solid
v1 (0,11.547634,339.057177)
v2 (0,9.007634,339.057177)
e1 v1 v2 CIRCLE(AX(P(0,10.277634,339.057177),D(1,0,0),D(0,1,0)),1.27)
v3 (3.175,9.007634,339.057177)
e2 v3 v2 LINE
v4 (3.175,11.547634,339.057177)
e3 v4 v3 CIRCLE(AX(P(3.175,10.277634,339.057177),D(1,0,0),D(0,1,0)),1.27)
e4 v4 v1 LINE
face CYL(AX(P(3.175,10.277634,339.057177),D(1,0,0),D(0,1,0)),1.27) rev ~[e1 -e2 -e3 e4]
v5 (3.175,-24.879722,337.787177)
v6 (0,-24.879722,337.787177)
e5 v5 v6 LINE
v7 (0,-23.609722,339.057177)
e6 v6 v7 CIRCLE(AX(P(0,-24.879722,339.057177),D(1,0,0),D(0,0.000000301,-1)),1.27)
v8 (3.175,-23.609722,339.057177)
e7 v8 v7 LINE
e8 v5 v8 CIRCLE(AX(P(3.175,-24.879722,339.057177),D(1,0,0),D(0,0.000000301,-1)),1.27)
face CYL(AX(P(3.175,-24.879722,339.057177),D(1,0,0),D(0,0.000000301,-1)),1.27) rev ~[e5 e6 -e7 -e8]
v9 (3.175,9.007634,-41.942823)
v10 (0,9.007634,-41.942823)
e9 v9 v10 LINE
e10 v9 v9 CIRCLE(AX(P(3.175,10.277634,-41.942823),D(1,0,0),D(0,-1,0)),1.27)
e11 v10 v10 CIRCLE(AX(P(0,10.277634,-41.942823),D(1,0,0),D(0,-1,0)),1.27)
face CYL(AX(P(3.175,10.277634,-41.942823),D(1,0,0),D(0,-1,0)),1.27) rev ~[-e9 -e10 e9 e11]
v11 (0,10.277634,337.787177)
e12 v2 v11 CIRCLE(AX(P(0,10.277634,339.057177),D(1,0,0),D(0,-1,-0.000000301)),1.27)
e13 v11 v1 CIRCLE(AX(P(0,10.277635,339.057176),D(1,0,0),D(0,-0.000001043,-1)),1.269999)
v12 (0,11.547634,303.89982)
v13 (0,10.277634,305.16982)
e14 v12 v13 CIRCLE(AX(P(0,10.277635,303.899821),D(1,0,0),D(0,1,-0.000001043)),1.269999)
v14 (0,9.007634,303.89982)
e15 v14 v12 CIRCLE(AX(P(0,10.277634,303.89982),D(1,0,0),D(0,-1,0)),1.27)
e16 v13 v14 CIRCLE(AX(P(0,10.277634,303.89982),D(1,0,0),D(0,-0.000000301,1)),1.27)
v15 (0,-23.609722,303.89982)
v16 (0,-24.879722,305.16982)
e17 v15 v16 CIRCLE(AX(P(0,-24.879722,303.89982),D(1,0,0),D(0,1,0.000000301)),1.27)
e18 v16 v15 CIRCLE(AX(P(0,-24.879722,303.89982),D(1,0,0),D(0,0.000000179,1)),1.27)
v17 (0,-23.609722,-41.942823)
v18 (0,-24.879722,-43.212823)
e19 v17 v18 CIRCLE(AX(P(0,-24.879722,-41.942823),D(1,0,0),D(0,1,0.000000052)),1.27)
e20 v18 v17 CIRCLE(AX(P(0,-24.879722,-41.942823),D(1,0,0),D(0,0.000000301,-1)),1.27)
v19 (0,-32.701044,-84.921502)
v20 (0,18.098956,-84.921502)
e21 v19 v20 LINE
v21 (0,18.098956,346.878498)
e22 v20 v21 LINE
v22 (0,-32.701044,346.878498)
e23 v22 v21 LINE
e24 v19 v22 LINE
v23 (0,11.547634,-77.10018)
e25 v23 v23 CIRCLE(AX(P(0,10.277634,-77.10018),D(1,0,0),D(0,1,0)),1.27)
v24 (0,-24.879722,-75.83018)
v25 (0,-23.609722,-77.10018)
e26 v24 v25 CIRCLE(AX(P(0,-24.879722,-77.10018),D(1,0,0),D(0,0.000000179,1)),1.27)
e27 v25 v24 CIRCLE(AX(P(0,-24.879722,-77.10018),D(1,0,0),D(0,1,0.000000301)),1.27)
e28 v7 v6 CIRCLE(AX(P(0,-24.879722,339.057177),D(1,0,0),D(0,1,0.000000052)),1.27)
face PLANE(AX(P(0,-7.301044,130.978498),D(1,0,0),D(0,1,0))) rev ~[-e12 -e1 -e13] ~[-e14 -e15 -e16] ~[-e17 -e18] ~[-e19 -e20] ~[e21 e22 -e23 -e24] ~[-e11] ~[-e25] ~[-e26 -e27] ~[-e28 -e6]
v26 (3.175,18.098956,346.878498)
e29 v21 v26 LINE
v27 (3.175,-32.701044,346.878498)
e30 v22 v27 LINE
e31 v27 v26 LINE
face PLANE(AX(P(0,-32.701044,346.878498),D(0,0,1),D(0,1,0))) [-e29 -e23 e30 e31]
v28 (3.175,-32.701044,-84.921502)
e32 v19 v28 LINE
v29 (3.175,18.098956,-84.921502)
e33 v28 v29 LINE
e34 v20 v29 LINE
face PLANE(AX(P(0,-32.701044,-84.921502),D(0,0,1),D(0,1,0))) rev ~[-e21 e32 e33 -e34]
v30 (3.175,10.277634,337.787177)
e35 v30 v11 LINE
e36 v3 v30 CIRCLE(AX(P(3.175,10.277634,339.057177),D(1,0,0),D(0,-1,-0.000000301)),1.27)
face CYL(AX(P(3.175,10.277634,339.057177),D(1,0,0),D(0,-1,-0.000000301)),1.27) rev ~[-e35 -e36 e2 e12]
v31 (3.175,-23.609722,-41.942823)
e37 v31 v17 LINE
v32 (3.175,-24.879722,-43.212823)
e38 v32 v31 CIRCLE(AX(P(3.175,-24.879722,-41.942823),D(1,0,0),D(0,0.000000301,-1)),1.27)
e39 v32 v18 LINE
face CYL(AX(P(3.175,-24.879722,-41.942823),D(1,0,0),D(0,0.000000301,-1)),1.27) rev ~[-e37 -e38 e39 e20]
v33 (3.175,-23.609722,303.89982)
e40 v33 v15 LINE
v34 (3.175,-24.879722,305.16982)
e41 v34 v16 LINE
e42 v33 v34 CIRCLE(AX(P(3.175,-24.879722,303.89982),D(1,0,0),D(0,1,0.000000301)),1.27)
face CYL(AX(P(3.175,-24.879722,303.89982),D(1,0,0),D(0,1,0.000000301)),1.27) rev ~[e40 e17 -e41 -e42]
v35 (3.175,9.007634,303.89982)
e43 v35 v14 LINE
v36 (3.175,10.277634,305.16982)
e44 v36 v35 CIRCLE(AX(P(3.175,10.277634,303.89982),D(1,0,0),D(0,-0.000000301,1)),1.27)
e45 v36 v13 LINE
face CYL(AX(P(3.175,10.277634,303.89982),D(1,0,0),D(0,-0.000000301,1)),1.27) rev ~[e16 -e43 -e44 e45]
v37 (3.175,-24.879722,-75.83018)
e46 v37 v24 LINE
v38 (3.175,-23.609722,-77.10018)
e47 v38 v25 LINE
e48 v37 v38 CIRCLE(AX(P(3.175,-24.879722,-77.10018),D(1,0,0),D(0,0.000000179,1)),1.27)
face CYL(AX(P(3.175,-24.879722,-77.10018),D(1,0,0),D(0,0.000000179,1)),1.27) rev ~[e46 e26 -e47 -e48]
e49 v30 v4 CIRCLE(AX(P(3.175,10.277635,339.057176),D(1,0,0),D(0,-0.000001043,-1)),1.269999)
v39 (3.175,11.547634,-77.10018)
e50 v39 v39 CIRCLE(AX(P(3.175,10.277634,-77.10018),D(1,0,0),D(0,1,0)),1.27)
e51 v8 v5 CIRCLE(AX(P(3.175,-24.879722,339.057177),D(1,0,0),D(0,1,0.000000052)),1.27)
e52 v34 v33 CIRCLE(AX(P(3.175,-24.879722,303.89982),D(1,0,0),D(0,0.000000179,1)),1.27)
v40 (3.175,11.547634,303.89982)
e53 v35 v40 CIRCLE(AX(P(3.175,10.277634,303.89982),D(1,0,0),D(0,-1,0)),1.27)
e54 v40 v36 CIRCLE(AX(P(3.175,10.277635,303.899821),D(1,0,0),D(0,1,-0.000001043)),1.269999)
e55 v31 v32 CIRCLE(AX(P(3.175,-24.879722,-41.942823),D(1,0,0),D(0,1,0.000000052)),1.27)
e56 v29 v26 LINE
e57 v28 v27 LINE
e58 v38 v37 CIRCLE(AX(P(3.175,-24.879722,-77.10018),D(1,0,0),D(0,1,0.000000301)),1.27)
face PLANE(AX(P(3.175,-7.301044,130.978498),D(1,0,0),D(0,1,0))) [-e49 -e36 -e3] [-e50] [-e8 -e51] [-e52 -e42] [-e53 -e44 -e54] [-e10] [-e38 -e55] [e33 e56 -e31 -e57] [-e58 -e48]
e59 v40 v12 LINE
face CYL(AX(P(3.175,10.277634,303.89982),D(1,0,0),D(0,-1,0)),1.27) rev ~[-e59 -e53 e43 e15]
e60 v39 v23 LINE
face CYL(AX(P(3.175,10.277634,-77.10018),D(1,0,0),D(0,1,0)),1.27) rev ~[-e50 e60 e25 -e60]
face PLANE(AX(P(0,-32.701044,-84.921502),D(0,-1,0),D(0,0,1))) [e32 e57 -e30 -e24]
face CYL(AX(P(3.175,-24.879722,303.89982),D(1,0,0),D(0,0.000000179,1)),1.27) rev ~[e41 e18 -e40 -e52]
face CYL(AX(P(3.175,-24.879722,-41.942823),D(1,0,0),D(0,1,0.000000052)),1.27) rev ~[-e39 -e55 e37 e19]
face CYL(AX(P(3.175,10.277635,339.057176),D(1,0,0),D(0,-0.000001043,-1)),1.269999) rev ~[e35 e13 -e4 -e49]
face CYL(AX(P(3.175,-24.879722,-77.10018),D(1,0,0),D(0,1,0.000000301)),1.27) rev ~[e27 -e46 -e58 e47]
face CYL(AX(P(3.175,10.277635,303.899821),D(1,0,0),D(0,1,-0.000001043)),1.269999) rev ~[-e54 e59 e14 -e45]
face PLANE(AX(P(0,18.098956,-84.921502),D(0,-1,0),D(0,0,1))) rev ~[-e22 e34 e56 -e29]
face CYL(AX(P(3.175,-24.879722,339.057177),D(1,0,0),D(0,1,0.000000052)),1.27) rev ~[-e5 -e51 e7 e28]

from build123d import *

# Parameters (mm, degrees)
F0_W     = 50.8
F0_H     = 431.8
F1_DEPTH = 3.175
F2_R     = 1.27
F3_DEPTH = 3.176


with BuildPart() as f1:
    # F0 (on Right) → F1 (new body)
    with BuildSketch(Plane.YZ):
        with Locations((-7.301044, 130.978498)):
            Rectangle(F0_W, F0_H)
    extrude(amount=F1_DEPTH)

    # F2 (on face) → F3 (cut, through all)
    with BuildSketch(Plane.YZ.offset(3.175)):
        with BuildLine():
            Line((-24.879722, 303.89982), (-24.879722, 305.16982))
            ThreePointArc((-24.879722, 305.16982), (-25.777748, 303.001794), (-23.609722, 303.89982))
            Line((-23.609722, 303.89982), (-24.879722, 303.89982))
        make_face()
        with BuildLine():
            ThreePointArc((-23.609722, 303.89982), (-23.981697, 304.797846), (-24.879722, 305.16982))
            Line((-24.879722, 305.16982), (-24.879722, 303.89982))
            Line((-24.879722, 303.89982), (-23.609722, 303.89982))
        make_face()
        with BuildLine():
            ThreePointArc((-24.879722, 337.787177), (-23.981697, 338.159151), (-23.609722, 339.057177))
            Line((-23.609722, 339.057177), (-24.879722, 339.057177))
            Line((-24.879722, 339.057177), (-24.879722, 337.787177))
        make_face()
        with BuildLine():
            Line((-24.879722, 339.057177), (-23.609722, 339.057177))
            ThreePointArc((-23.609722, 339.057177), (-25.777748, 339.955202), (-24.879722, 337.787177))
            Line((-24.879722, 337.787177), (-24.879722, 339.057177))
        make_face()
        with BuildLine():
            ThreePointArc((11.547634, 339.057177), (10.277634, 340.327177), (9.007634, 339.057177))
            Line((9.007634, 339.057177), (10.277634, 339.057177))
            Line((10.277634, 339.057177), (10.277634, 337.787177))
            ThreePointArc((10.277634, 337.787177), (11.17566, 338.159151), (11.547634, 339.057177))
        make_face()
        with BuildLine():
            Line((10.277634, 339.057177), (9.007634, 339.057177))
            ThreePointArc((9.007634, 339.057177), (9.379609, 338.159151), (10.277634, 337.787177))
            Line((10.277634, 337.787177), (10.277634, 339.057177))
        make_face()
        with BuildLine():
            ThreePointArc((11.547634, 303.89982), (11.17566, 304.797846), (10.277634, 305.16982))
            Line((10.277634, 305.16982), (10.277634, 303.89982))
            Line((10.277634, 303.89982), (9.007634, 303.89982))
            ThreePointArc((9.007634, 303.89982), (10.277634, 302.62982), (11.547634, 303.89982))
        make_face()
        with BuildLine():
            Line((10.277634, 303.89982), (10.277634, 305.16982))
            ThreePointArc((10.277634, 305.16982), (9.379609, 304.797846), (9.007634, 303.89982))
            Line((9.007634, 303.89982), (10.277634, 303.89982))
        make_face()
        with BuildLine():
            ThreePointArc((-23.609722, -77.10018), (-23.981697, -76.202154), (-24.879722, -75.83018))
            ThreePointArc((-24.879722, -75.83018), (-25.777748, -77.998206), (-23.609722, -77.10018))
        make_face()
        with BuildLine():
            ThreePointArc((-24.879722, -43.212823), (-23.981697, -42.840849), (-23.609722, -41.942823))
            Line((-23.609722, -41.942823), (-24.879722, -41.942823))
            Line((-24.879722, -41.942823), (-24.879722, -43.212823))
        make_face()
        with BuildLine():
            Line((-24.879722, -41.942823), (-23.609722, -41.942823))
            ThreePointArc((-23.609722, -41.942823), (-25.777748, -41.044798), (-24.879722, -43.212823))
            Line((-24.879722, -43.212823), (-24.879722, -41.942823))
        make_face()
        with BuildLine():
            ThreePointArc((11.547634, -41.942823), (10.277634, -40.672823), (9.007634, -41.942823))
            ThreePointArc((9.007634, -41.942823), (10.277634, -43.212823), (11.547634, -41.942823))
        make_face()
        with Locations((10.277634, -77.10018)):
            Circle(F2_R)
    extrude(amount=-F3_DEPTH, mode=Mode.SUBTRACT)


solid = f1.part
